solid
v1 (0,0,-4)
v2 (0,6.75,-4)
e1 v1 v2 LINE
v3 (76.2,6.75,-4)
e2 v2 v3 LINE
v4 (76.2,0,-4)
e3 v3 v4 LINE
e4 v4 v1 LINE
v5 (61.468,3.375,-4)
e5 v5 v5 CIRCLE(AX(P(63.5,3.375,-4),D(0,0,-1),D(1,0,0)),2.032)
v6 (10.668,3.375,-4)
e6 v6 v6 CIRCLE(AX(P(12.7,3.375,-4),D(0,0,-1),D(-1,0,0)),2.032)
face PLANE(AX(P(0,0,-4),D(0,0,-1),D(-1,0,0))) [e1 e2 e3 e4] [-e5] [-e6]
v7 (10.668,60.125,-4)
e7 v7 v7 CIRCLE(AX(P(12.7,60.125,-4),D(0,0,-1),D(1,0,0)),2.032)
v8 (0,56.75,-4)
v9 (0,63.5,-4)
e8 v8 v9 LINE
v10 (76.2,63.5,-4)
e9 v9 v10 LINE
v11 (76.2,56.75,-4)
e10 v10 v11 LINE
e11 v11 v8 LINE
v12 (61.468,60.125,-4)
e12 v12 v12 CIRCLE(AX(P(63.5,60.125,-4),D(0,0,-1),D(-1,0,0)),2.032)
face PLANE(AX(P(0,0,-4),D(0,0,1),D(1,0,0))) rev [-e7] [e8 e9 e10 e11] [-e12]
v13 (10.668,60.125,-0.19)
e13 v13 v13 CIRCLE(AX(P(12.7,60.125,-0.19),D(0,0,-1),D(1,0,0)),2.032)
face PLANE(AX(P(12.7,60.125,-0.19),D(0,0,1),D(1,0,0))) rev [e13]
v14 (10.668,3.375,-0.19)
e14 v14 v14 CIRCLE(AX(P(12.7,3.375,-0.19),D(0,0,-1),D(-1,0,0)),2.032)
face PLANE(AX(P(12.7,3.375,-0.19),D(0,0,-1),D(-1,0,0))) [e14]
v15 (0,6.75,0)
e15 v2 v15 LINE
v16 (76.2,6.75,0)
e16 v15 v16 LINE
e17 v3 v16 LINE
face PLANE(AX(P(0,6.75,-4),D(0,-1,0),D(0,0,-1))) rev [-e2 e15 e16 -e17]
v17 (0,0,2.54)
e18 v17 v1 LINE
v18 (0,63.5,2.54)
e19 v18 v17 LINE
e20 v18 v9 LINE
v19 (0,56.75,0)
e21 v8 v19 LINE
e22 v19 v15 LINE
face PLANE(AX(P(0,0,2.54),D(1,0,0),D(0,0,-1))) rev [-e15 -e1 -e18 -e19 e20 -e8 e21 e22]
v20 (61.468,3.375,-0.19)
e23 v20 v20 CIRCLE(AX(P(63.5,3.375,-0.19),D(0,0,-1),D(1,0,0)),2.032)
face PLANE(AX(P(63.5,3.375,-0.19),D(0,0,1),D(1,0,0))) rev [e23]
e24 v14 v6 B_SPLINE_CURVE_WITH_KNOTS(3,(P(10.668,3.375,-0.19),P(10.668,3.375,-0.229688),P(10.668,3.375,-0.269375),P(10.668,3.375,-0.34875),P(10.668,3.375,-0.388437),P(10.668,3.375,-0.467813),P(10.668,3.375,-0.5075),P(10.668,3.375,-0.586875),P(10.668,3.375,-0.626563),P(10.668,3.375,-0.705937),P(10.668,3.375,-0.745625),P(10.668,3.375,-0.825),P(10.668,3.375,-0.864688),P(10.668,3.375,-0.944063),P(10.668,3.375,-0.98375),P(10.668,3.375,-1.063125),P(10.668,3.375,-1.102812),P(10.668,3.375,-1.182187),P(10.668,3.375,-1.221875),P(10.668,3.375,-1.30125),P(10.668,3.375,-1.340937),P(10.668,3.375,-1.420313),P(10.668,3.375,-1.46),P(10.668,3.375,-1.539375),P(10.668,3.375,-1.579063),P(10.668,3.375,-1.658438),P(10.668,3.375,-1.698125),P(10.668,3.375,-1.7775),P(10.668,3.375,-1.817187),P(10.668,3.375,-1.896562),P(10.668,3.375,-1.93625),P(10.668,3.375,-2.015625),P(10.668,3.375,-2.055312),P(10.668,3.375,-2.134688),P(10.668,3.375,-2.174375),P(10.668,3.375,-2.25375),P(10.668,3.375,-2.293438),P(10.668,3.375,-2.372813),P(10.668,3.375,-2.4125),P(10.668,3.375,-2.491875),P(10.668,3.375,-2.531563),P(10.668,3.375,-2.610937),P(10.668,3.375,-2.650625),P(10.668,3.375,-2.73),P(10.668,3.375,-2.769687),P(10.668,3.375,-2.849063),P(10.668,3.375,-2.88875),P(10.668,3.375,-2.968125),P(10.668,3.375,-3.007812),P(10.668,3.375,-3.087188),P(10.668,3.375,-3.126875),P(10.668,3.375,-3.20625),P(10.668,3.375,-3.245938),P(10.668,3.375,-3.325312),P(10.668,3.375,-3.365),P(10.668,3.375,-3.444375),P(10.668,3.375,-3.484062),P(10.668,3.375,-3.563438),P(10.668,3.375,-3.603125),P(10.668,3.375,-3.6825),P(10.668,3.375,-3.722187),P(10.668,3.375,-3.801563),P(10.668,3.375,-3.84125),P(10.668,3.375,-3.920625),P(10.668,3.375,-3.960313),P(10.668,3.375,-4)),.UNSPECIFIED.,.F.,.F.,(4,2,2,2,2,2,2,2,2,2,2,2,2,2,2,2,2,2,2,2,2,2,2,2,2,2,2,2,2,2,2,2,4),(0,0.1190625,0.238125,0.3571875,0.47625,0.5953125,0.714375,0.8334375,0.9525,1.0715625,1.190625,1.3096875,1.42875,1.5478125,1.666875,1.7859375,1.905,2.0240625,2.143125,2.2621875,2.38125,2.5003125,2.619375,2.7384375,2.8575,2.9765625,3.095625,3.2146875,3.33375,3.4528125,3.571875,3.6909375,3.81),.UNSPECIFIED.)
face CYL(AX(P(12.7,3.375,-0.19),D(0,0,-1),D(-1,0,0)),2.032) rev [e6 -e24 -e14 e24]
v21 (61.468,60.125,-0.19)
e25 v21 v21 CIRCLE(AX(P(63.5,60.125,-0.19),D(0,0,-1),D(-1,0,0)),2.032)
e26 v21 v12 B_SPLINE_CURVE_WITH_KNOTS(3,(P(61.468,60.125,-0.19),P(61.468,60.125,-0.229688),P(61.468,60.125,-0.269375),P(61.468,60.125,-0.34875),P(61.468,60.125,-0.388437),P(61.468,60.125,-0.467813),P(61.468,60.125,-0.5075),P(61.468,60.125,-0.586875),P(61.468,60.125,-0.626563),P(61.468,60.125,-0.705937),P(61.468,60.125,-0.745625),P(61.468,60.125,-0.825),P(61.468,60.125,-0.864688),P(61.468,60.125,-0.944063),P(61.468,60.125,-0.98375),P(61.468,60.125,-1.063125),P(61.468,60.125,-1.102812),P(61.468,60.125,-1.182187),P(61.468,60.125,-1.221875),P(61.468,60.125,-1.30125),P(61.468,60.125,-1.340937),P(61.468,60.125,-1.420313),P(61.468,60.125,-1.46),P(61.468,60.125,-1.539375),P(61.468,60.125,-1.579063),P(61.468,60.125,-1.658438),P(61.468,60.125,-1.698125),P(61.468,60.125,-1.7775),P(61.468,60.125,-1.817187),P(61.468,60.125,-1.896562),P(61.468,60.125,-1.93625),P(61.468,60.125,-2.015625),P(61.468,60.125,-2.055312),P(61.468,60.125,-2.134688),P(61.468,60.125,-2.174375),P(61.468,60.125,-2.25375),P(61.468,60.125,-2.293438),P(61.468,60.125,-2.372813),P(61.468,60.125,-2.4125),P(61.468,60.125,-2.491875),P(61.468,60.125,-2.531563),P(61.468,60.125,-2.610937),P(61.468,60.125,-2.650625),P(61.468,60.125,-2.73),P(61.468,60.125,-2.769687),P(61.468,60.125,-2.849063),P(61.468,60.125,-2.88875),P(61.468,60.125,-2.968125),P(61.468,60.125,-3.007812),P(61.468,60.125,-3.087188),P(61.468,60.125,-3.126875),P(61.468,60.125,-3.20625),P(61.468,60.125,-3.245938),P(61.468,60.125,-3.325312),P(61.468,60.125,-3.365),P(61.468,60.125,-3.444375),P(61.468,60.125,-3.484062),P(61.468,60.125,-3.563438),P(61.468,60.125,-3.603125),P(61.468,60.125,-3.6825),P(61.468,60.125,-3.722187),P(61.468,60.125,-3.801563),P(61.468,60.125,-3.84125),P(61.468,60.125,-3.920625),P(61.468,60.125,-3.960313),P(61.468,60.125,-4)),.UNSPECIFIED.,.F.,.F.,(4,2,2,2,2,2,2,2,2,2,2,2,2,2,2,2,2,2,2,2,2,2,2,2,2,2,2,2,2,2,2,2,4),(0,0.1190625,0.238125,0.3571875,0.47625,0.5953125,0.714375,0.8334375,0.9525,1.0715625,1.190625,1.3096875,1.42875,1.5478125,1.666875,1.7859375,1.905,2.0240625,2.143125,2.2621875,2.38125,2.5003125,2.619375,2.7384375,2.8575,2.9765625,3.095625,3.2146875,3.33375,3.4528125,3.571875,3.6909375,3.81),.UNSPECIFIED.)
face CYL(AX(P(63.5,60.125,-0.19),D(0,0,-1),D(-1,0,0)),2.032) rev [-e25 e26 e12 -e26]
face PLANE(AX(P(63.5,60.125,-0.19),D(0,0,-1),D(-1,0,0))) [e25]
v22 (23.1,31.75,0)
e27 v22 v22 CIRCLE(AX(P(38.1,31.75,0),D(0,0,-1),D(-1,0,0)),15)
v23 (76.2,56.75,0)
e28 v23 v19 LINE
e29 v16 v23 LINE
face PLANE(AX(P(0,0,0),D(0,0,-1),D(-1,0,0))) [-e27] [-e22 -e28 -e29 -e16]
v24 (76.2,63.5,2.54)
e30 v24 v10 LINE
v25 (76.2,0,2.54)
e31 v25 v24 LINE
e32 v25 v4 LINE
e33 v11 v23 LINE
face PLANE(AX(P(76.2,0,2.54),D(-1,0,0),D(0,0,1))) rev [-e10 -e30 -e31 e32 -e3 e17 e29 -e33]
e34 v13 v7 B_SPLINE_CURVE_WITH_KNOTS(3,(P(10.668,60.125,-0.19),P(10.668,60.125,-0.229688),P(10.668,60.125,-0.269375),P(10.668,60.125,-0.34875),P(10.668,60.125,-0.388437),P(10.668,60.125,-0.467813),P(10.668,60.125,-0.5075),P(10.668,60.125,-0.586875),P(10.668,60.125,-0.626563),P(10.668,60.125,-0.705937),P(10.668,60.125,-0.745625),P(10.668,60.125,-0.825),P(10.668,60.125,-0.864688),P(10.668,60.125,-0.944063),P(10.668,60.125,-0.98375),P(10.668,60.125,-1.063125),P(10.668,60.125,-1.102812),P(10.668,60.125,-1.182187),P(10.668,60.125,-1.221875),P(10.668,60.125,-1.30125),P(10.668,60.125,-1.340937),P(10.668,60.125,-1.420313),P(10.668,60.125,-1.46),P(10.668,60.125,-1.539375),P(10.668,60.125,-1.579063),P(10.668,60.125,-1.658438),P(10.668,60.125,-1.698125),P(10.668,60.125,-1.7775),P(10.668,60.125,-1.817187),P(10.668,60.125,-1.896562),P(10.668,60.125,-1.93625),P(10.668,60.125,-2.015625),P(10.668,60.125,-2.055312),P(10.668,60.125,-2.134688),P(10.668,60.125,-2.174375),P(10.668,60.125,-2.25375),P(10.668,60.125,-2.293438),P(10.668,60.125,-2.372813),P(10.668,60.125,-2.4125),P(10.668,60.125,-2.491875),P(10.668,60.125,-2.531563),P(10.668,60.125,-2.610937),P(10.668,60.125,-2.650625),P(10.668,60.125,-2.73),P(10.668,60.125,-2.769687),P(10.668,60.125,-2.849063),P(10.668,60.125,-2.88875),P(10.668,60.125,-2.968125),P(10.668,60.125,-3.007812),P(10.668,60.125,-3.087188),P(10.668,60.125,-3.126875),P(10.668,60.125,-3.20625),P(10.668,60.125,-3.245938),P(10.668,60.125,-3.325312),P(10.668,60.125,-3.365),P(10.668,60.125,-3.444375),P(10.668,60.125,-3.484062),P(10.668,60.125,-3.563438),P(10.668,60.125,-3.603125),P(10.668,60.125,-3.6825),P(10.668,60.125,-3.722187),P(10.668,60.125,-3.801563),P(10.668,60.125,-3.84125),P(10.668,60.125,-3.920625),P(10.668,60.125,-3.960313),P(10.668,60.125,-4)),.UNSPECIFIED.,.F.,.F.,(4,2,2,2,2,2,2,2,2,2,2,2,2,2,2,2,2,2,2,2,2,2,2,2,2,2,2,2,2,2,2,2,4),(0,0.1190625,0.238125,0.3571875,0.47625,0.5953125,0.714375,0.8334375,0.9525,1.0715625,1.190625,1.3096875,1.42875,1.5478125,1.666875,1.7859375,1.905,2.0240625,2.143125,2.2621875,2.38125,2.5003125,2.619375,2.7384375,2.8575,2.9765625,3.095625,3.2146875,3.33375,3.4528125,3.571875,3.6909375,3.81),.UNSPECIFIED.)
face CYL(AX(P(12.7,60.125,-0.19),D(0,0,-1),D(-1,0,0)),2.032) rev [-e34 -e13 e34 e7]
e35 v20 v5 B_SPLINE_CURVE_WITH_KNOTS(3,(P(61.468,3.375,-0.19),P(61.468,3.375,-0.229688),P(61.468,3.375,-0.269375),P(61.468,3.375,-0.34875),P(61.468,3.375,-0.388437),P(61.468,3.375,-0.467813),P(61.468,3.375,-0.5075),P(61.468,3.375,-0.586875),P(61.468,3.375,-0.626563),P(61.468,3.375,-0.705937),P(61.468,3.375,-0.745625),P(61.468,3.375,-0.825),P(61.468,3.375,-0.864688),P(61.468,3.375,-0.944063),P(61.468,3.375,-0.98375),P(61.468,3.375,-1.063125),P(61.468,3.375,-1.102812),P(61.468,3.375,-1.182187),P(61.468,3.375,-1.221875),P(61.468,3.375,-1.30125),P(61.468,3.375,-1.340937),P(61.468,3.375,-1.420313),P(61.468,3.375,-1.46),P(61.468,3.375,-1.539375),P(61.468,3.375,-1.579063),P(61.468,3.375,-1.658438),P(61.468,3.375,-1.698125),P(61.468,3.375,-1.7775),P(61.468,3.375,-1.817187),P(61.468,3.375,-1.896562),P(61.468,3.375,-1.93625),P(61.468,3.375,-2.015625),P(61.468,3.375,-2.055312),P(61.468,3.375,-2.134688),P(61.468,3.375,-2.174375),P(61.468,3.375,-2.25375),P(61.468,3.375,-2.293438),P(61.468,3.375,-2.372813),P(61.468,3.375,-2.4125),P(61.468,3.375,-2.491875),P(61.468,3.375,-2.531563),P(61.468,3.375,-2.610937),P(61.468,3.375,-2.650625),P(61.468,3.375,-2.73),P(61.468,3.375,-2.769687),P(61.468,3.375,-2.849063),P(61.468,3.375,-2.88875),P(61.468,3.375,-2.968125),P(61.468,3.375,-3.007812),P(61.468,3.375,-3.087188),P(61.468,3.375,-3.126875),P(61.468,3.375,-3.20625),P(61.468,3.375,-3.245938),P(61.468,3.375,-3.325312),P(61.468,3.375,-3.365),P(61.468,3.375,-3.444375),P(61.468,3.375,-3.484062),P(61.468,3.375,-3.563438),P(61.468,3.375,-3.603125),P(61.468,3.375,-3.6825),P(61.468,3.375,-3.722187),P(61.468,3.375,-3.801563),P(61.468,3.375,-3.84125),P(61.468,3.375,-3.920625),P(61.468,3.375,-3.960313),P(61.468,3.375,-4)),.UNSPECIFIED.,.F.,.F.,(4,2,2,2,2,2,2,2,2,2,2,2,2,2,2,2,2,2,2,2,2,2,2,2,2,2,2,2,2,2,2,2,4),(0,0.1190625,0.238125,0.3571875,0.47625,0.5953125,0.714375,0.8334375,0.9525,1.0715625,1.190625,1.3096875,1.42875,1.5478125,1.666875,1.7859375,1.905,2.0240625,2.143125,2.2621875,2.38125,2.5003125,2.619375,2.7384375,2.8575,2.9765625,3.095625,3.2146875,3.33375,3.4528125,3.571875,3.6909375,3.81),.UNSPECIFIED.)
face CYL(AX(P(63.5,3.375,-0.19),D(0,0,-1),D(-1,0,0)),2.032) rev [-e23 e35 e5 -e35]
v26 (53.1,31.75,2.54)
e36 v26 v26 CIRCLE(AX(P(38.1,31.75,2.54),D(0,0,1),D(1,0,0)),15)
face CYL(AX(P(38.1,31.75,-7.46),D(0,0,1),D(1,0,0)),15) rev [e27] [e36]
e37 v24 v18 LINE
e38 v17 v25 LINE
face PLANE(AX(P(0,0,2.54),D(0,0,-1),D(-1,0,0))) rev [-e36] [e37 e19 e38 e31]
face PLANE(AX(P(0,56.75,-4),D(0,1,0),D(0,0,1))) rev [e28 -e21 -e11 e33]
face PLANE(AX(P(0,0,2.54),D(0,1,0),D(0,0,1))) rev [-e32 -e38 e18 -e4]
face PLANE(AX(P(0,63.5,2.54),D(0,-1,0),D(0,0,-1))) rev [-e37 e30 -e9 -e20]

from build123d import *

# Parameters (mm, degrees)
SKETCH1_W           = 76.2
SKETCH1_H           = 63.5
BOSS_EXTRUDE1_DEPTH = 2.54
SKETCH2_W           = 76.2
SKETCH2_H           = 6.75
BOSS_EXTRUDE2_DEPTH = 4
SKETCH3_R           = 2.032
CUT_EXTRUDE1_DEPTH  = 3.81
SKETCH4_R           = 15
CUT_EXTRUDE2_DEPTH  = 10


with BuildPart() as part:
    # Sketch1 → Boss-Extrude1 (new body)
    with BuildSketch(Plane.XY):
        with Locations((38.1, 31.75)):
            Rectangle(SKETCH1_W, SKETCH1_H)
    extrude(amount=BOSS_EXTRUDE1_DEPTH)

    # Sketch2 → Boss-Extrude2 (add)
    with BuildSketch(Plane(origin=(0, 0, 0), x_dir=(-1, 0, 0), z_dir=(0, 0, -1))):
        with Locations((-38.1, 60.125)):
            Rectangle(SKETCH2_W, SKETCH2_H)
        with Locations((-38.1, 3.375)):
            Rectangle(SKETCH2_W, SKETCH2_H)
    extrude(amount=BOSS_EXTRUDE2_DEPTH)

    # Sketch3 → Cut-Extrude1 (cut)
    with BuildSketch(Plane(origin=(0, 0, -4), x_dir=(-1, 0, 0), z_dir=(0, 0, -1))):
        with Locations((-63.5, 60.125)):
            Circle(SKETCH3_R)
        with Locations((-63.5, 3.375)):
            Circle(SKETCH3_R)
        with Locations((-12.7, 3.375)):
            Circle(SKETCH3_R)
        with Locations((-12.7, 60.125)):
            Circle(SKETCH3_R)
    extrude(amount=-CUT_EXTRUDE1_DEPTH, mode=Mode.SUBTRACT)

    # Sketch4 → Cut-Extrude2 (cut)
    with BuildSketch(Plane.XY.offset(2.54)):
        with Locations((38.1, 31.75)):
            Circle(SKETCH4_R)
    extrude(amount=-CUT_EXTRUDE2_DEPTH, mode=Mode.SUBTRACT)


solid = part.part
